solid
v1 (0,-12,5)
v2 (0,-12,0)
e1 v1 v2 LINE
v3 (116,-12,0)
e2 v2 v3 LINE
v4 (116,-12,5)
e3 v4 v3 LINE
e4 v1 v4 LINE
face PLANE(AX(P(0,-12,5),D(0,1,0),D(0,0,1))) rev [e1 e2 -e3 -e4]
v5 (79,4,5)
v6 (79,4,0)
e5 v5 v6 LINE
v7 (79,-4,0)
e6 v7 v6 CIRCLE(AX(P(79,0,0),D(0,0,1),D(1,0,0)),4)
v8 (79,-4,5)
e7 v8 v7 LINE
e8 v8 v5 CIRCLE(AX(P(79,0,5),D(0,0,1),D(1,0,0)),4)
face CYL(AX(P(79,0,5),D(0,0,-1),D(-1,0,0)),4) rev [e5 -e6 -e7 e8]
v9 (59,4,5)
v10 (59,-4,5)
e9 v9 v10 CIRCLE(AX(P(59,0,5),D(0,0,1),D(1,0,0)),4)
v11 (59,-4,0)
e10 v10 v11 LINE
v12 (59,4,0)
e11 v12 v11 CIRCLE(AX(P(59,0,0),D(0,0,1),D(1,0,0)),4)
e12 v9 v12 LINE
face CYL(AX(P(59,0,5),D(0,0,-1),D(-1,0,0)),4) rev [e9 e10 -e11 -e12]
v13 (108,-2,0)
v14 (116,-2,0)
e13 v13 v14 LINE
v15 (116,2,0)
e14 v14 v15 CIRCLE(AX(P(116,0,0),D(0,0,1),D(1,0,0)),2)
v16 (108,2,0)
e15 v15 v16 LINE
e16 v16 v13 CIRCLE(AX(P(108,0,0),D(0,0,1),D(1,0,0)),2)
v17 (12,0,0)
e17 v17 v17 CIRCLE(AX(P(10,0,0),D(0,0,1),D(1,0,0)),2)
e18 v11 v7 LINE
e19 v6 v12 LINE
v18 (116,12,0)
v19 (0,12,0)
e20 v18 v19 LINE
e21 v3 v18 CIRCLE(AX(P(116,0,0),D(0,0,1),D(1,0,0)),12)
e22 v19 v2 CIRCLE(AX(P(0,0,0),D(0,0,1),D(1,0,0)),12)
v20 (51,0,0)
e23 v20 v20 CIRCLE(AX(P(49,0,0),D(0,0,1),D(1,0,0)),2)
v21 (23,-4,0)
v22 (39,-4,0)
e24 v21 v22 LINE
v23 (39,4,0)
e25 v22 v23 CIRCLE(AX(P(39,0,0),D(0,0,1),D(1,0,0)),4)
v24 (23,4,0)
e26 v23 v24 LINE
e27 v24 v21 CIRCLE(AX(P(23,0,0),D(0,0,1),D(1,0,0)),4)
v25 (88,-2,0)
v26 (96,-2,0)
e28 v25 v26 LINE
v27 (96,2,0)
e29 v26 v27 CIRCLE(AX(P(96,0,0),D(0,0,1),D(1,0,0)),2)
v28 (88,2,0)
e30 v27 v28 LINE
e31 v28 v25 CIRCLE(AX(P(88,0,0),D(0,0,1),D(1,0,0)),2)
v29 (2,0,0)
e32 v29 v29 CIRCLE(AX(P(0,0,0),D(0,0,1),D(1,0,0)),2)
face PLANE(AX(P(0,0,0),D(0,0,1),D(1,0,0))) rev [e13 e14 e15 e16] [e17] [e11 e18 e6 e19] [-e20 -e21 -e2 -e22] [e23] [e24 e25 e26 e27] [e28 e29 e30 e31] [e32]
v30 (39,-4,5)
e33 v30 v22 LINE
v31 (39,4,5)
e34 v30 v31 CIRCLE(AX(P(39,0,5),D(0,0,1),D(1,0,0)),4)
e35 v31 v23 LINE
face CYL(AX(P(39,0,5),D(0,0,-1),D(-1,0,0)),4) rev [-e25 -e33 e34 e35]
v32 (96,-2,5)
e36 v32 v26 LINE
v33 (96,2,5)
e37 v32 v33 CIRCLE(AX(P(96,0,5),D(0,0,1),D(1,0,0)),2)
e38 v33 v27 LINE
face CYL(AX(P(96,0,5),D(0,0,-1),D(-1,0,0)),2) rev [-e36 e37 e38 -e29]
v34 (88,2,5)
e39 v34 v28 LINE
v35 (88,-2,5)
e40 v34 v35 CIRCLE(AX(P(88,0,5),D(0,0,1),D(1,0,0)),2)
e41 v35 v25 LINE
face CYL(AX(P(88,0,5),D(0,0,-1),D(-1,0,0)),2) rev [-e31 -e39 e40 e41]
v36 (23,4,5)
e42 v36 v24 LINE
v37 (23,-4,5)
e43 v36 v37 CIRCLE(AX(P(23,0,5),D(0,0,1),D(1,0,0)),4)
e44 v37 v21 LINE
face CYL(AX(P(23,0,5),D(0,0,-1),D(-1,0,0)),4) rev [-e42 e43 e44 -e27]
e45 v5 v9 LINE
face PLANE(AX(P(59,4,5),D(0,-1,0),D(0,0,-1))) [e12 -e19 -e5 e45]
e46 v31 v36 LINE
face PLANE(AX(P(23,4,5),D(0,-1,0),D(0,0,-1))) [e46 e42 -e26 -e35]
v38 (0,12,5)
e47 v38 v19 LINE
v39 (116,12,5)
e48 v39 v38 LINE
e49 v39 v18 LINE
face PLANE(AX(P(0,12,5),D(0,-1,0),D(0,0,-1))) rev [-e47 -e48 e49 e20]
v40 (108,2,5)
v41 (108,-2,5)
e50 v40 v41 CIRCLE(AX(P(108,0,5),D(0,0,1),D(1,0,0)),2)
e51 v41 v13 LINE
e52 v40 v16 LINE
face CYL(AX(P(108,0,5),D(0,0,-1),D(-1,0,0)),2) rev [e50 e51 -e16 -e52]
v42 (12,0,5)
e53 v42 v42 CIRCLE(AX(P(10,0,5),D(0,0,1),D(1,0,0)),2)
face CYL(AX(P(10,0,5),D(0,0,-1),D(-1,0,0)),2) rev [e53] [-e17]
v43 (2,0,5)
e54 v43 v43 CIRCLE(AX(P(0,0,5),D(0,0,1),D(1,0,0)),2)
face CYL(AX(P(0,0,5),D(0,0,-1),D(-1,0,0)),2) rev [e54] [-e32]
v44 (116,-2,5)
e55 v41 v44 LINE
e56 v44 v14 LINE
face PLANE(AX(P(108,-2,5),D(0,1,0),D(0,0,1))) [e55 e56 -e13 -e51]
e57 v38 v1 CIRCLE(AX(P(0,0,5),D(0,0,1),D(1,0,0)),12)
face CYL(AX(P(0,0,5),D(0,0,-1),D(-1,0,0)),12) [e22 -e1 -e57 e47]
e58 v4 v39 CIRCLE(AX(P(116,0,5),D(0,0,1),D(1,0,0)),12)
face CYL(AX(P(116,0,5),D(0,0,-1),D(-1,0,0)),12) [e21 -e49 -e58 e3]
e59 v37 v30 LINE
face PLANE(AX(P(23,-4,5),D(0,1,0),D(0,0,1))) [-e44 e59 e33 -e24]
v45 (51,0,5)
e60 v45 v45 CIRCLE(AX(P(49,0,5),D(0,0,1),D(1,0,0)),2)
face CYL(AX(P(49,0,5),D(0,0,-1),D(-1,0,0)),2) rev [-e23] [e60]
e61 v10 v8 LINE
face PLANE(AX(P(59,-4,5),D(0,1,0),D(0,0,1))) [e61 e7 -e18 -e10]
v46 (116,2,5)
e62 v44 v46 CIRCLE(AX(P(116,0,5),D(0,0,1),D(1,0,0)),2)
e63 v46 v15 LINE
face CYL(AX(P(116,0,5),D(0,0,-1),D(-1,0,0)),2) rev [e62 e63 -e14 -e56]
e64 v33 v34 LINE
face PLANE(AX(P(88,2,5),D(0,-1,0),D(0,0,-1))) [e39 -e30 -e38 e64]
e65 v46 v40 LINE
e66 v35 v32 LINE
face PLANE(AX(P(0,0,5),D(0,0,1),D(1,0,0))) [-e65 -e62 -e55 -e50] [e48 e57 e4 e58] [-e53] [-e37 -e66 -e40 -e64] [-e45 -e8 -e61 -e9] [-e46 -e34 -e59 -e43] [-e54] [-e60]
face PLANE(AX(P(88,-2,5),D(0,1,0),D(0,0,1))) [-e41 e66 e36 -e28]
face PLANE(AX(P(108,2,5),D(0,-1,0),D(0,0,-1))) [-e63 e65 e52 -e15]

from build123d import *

# Parameters (mm, degrees)
SKETCH_1_R      = 2
EXTRUDE_1_DEPTH = 5


with BuildPart() as part:
    # 草图1 → 凸台-拉伸1 (new body)
    with BuildSketch(Plane.XY):
        with BuildLine():
            Line((0, 12), (116, 12))
            ThreePointArc((116, 12), (128, 0), (116, -12))
            Line((116, -12), (0, -12))
            ThreePointArc((0, -12), (-12, 0), (0, 12))
        make_face()
        with Locations((49, 0)):
            Circle(SKETCH_1_R, mode=Mode.SUBTRACT)
        Circle(SKETCH_1_R, mode=Mode.SUBTRACT)
        with Locations((10, 0)):
            Circle(SKETCH_1_R, mode=Mode.SUBTRACT)
        with BuildLine():
            Line((23, 4), (39, 4))
            ThreePointArc((39, 4), (43, 0), (39, -4))
            Line((39, -4), (23, -4))
            ThreePointArc((23, -4), (19, 0), (23, 4))
        make_face(mode=Mode.SUBTRACT)
        with BuildLine():
            Line((59, 4), (79, 4))
            ThreePointArc((79, 4), (83, 0), (79, -4))
            Line((79, -4), (59, -4))
            ThreePointArc((59, -4), (55, 0), (59, 4))
        make_face(mode=Mode.SUBTRACT)
        with BuildLine():
            Line((108, 2), (116, 2))
            ThreePointArc((116, 2), (118, 0), (116, -2))
            Line((116, -2), (108, -2))
            ThreePointArc((108, -2), (106, 0), (108, 2))
        make_face(mode=Mode.SUBTRACT)
        with BuildLine():
            Line((88, 2), (96, 2))
            ThreePointArc((96, 2), (98, 0), (96, -2))
            Line((96, -2), (88, -2))
            ThreePointArc((88, -2), (86, 0), (88, 2))
        make_face(mode=Mode.SUBTRACT)
    extrude(amount=EXTRUDE_1_DEPTH)


solid = part.part
